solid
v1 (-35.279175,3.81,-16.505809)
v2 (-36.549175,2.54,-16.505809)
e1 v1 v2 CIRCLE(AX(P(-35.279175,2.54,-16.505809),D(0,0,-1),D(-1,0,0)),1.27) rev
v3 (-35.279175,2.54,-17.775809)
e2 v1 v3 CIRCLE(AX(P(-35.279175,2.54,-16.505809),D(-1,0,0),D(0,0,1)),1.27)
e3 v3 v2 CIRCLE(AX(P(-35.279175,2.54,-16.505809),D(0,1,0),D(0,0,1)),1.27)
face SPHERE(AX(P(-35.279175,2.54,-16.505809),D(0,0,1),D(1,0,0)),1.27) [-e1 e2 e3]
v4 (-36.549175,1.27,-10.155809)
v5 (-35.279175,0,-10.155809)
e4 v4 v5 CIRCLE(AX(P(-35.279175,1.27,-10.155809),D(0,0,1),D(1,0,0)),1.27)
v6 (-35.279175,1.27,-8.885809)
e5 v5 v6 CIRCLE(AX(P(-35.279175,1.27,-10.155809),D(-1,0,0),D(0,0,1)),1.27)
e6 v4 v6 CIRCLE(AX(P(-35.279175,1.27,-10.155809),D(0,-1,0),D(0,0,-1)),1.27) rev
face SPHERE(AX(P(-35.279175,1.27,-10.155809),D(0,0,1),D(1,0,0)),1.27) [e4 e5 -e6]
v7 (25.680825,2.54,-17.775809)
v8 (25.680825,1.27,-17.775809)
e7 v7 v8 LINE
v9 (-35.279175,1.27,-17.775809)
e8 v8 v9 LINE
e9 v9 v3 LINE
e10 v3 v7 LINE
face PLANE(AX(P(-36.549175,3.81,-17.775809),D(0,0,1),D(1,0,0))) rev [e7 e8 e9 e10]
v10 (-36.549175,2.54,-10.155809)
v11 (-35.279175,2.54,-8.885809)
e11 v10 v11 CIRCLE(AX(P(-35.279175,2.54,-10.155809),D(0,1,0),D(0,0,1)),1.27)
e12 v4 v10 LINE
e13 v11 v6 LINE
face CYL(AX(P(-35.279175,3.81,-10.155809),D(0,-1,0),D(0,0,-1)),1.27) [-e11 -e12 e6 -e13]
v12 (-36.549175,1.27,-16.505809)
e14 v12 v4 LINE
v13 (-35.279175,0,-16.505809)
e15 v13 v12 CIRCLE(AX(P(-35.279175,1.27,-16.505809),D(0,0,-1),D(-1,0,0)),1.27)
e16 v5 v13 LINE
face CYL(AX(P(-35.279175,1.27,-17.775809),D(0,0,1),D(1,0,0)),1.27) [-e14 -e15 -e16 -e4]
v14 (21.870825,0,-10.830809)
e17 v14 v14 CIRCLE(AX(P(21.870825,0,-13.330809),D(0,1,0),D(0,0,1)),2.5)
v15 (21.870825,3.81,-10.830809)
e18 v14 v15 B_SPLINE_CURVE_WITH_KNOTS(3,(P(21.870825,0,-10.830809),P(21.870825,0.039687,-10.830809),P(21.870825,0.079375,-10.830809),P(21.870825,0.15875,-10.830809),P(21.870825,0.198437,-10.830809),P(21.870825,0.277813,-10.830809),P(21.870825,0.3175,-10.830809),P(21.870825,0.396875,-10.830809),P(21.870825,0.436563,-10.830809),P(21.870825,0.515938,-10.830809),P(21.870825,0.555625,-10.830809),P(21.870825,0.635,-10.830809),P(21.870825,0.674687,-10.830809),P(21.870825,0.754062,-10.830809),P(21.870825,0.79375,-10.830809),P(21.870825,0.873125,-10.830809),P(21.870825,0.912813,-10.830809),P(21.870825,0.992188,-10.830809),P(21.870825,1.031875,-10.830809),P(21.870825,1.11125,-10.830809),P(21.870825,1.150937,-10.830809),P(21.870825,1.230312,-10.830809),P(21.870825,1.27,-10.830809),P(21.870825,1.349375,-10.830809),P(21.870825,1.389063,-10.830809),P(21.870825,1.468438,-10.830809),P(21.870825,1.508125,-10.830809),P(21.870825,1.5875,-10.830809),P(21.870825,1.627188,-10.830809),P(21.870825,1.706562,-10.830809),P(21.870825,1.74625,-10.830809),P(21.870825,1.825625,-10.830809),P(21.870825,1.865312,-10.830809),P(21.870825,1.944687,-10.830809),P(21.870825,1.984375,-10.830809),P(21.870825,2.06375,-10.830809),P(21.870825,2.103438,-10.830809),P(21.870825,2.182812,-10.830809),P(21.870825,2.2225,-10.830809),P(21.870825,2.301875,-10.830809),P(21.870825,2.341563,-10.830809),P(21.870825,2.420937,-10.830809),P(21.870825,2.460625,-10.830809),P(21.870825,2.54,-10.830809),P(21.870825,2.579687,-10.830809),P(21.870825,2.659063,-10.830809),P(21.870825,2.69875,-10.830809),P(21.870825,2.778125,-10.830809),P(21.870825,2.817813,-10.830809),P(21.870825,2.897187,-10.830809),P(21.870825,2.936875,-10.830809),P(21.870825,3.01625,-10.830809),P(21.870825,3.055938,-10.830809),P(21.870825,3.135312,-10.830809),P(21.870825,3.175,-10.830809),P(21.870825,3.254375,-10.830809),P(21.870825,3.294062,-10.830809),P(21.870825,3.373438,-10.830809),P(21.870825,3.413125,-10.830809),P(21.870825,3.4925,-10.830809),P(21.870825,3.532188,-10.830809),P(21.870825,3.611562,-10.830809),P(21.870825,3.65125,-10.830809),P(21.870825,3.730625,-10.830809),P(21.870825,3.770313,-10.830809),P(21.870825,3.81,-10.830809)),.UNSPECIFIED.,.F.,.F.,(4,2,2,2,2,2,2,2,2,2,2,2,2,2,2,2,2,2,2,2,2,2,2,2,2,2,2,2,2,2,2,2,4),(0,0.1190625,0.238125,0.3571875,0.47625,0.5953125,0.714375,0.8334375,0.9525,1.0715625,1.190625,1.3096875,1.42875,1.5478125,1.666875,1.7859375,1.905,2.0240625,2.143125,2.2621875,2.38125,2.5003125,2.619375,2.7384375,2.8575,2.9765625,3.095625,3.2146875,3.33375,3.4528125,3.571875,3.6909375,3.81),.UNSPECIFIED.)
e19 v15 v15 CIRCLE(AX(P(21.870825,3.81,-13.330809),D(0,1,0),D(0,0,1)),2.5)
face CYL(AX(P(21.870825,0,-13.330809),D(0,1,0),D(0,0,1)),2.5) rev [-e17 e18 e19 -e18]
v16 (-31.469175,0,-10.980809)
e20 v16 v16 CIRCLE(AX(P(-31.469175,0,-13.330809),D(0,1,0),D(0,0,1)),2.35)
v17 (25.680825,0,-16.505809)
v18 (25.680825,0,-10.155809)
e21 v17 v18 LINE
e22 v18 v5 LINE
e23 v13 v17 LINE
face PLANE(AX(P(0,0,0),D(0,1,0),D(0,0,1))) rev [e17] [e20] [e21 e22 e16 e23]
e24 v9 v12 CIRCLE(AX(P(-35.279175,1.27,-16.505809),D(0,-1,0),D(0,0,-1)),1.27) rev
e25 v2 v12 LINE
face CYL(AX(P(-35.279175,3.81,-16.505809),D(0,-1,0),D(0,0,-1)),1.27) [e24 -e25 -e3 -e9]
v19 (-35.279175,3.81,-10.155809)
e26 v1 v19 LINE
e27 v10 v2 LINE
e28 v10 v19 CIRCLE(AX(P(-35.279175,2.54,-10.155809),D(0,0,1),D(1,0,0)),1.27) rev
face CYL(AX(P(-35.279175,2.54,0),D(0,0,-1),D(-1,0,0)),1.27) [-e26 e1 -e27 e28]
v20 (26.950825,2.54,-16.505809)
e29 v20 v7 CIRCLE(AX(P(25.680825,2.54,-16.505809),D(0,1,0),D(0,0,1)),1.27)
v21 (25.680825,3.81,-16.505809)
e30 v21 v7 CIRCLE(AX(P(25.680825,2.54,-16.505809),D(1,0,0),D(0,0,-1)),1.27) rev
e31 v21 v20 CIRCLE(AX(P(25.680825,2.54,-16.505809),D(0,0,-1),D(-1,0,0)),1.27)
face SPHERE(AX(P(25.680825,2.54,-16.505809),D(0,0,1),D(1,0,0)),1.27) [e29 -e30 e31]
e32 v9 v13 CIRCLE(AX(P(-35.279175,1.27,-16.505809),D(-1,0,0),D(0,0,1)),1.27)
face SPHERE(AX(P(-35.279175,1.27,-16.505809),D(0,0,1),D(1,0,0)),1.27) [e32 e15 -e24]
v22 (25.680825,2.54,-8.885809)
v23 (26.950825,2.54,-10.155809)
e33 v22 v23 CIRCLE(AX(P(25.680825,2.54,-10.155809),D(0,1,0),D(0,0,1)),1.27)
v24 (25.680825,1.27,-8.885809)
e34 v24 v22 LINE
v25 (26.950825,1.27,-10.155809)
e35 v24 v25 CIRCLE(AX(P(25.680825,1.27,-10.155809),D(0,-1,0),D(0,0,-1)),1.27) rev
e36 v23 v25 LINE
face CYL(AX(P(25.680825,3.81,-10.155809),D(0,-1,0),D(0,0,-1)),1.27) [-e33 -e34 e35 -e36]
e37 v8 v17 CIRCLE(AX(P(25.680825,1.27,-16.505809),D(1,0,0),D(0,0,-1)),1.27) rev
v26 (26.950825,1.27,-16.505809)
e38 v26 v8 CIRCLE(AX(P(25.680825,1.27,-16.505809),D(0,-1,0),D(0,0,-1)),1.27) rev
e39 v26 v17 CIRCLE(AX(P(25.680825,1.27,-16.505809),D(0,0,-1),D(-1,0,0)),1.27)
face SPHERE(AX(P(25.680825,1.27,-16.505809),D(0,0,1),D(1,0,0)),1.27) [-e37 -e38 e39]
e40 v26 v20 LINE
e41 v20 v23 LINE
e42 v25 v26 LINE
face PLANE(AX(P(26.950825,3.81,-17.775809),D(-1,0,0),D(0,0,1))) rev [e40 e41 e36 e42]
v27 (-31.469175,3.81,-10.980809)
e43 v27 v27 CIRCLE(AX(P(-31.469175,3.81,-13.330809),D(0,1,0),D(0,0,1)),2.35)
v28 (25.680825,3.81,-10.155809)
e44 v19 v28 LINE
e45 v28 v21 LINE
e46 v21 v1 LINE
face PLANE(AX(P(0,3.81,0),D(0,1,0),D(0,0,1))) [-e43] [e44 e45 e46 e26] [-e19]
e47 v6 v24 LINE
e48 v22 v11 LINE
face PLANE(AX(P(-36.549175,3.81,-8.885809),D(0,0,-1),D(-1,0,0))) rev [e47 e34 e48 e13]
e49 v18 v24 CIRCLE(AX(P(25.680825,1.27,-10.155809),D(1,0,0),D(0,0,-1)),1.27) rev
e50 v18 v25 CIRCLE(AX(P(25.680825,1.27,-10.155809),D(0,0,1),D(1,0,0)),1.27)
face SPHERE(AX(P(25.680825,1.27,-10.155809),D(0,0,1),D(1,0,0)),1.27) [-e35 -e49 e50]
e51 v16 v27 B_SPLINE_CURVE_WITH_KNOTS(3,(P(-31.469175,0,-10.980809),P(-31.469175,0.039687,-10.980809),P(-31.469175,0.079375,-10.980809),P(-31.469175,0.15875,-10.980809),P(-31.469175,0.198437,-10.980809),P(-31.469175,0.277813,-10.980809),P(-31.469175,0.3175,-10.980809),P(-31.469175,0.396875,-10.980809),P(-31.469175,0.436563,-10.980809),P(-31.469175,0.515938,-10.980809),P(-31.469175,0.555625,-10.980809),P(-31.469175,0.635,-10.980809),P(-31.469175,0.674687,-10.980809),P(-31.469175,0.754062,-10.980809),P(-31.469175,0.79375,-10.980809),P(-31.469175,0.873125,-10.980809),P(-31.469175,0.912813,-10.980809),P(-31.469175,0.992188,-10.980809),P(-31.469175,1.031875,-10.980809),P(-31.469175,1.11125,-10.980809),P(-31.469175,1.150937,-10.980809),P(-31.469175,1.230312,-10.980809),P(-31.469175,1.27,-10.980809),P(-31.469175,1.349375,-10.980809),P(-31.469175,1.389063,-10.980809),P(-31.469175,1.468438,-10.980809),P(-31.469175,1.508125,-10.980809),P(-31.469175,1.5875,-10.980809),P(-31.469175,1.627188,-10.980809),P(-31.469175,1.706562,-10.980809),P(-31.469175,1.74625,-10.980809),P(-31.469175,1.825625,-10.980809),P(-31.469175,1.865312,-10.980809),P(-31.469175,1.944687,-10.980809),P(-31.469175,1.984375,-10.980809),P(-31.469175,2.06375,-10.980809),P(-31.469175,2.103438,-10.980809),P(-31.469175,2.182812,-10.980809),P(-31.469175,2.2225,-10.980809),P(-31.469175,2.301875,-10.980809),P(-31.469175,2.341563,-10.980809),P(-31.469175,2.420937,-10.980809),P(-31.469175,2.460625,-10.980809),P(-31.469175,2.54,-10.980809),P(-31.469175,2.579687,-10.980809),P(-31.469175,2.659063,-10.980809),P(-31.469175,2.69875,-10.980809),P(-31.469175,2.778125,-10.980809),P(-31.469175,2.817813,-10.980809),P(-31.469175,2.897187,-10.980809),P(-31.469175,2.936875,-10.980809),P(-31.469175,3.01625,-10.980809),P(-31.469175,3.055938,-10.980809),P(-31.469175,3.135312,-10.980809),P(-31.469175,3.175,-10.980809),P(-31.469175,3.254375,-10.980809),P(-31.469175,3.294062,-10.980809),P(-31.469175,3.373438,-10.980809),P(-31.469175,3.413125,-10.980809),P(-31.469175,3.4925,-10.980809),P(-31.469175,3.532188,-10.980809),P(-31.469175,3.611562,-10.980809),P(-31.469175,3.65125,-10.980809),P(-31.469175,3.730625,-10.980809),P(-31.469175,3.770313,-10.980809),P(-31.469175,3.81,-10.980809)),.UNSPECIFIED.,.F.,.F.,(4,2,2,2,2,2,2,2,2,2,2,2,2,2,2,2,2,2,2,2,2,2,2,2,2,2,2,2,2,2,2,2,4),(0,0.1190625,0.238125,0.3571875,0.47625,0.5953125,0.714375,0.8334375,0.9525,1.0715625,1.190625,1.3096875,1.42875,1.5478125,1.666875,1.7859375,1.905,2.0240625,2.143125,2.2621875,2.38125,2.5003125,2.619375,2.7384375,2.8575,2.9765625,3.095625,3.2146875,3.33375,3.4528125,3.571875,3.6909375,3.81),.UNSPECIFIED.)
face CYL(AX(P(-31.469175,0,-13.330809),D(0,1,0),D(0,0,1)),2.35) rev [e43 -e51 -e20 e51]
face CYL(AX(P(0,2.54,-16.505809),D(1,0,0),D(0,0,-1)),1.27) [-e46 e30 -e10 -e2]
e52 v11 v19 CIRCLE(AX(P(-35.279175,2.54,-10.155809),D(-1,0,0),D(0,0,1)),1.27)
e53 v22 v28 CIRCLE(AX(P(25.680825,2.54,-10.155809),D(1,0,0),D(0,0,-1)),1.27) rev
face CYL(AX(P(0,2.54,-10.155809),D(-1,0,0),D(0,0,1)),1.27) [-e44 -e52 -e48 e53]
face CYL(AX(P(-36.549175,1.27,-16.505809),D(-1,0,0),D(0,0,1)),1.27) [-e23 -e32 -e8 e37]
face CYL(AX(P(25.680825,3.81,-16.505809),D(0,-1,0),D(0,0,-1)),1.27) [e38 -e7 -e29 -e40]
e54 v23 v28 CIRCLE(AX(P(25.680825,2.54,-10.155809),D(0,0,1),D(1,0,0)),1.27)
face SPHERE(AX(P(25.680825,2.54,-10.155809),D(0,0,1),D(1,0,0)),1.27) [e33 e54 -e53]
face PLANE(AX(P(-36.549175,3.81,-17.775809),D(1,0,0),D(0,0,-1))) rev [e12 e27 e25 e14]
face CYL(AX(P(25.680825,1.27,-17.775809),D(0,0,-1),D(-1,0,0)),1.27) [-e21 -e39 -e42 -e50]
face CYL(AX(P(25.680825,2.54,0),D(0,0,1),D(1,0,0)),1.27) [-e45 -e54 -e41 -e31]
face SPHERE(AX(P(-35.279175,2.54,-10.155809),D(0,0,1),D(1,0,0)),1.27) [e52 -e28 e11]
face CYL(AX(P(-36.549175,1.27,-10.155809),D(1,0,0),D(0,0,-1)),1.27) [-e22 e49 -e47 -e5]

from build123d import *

# Parameters (mm, degrees)
SKETCH1_W           = 63.5
SKETCH1_H           = 8.89
BOSS_EXTRUDE1_DEPTH = 3.81
FILLET1_R           = 1.27
SKETCH2_R           = 2.35
SKETCH2_R_2         = 2.5
CUT_EXTRUDE1_DEPTH  = 41.820799329


with BuildPart() as part:
    # Sketch1 → Boss-Extrude1 (new body)
    with BuildSketch(Plane(origin=(0, 0, 0), x_dir=(1, 0, 0), z_dir=(0, 1, 0))):
        with Locations((-4.799174917, 13.330808581)):
            Rectangle(SKETCH1_W, SKETCH1_H)
    extrude(amount=BOSS_EXTRUDE1_DEPTH)

    # Fillet1
    fillet1_edges = [part.edges().sort_by_distance(p)[0] for p in [
        (26.950825083, 3.81, -13.330808581),
        (-4.799174917, 3.81, -17.775808581),
        (-36.549174917, 3.81, -13.330808581),
        (-4.799174917, 0, -17.775808581),
        (26.950825083, 0, -13.330808581),
        (-4.799174917, 0, -8.885808581),
        (-36.549174917, 0, -13.330808581),
        (-36.549174917, 1.905, -17.775808581),
        (26.950825083, 1.905, -17.775808581),
        (26.950825083, 1.905, -8.885808581),
        (-36.549174917, 1.905, -8.885808581),
        (-4.799174917, 3.81, -8.885808581),
    ]]
    fillet(fillet1_edges, radius=FILLET1_R)

    # Sketch2 → Cut-Extrude1 (cut, through all)
    with BuildSketch(Plane(origin=(0, 3.81, 0), x_dir=(1, 0, 0), z_dir=(0, 1, 0))):
        with Locations(Location((-31.469174917, 13.330808581, 0), (0, 0, 270))):
            Circle(SKETCH2_R)
        with Locations(Location((21.870825083, 13.330808581, 0), (0, 0, 270))):
            Circle(SKETCH2_R_2)
    extrude(amount=-CUT_EXTRUDE1_DEPTH, mode=Mode.SUBTRACT)


solid = part.part
